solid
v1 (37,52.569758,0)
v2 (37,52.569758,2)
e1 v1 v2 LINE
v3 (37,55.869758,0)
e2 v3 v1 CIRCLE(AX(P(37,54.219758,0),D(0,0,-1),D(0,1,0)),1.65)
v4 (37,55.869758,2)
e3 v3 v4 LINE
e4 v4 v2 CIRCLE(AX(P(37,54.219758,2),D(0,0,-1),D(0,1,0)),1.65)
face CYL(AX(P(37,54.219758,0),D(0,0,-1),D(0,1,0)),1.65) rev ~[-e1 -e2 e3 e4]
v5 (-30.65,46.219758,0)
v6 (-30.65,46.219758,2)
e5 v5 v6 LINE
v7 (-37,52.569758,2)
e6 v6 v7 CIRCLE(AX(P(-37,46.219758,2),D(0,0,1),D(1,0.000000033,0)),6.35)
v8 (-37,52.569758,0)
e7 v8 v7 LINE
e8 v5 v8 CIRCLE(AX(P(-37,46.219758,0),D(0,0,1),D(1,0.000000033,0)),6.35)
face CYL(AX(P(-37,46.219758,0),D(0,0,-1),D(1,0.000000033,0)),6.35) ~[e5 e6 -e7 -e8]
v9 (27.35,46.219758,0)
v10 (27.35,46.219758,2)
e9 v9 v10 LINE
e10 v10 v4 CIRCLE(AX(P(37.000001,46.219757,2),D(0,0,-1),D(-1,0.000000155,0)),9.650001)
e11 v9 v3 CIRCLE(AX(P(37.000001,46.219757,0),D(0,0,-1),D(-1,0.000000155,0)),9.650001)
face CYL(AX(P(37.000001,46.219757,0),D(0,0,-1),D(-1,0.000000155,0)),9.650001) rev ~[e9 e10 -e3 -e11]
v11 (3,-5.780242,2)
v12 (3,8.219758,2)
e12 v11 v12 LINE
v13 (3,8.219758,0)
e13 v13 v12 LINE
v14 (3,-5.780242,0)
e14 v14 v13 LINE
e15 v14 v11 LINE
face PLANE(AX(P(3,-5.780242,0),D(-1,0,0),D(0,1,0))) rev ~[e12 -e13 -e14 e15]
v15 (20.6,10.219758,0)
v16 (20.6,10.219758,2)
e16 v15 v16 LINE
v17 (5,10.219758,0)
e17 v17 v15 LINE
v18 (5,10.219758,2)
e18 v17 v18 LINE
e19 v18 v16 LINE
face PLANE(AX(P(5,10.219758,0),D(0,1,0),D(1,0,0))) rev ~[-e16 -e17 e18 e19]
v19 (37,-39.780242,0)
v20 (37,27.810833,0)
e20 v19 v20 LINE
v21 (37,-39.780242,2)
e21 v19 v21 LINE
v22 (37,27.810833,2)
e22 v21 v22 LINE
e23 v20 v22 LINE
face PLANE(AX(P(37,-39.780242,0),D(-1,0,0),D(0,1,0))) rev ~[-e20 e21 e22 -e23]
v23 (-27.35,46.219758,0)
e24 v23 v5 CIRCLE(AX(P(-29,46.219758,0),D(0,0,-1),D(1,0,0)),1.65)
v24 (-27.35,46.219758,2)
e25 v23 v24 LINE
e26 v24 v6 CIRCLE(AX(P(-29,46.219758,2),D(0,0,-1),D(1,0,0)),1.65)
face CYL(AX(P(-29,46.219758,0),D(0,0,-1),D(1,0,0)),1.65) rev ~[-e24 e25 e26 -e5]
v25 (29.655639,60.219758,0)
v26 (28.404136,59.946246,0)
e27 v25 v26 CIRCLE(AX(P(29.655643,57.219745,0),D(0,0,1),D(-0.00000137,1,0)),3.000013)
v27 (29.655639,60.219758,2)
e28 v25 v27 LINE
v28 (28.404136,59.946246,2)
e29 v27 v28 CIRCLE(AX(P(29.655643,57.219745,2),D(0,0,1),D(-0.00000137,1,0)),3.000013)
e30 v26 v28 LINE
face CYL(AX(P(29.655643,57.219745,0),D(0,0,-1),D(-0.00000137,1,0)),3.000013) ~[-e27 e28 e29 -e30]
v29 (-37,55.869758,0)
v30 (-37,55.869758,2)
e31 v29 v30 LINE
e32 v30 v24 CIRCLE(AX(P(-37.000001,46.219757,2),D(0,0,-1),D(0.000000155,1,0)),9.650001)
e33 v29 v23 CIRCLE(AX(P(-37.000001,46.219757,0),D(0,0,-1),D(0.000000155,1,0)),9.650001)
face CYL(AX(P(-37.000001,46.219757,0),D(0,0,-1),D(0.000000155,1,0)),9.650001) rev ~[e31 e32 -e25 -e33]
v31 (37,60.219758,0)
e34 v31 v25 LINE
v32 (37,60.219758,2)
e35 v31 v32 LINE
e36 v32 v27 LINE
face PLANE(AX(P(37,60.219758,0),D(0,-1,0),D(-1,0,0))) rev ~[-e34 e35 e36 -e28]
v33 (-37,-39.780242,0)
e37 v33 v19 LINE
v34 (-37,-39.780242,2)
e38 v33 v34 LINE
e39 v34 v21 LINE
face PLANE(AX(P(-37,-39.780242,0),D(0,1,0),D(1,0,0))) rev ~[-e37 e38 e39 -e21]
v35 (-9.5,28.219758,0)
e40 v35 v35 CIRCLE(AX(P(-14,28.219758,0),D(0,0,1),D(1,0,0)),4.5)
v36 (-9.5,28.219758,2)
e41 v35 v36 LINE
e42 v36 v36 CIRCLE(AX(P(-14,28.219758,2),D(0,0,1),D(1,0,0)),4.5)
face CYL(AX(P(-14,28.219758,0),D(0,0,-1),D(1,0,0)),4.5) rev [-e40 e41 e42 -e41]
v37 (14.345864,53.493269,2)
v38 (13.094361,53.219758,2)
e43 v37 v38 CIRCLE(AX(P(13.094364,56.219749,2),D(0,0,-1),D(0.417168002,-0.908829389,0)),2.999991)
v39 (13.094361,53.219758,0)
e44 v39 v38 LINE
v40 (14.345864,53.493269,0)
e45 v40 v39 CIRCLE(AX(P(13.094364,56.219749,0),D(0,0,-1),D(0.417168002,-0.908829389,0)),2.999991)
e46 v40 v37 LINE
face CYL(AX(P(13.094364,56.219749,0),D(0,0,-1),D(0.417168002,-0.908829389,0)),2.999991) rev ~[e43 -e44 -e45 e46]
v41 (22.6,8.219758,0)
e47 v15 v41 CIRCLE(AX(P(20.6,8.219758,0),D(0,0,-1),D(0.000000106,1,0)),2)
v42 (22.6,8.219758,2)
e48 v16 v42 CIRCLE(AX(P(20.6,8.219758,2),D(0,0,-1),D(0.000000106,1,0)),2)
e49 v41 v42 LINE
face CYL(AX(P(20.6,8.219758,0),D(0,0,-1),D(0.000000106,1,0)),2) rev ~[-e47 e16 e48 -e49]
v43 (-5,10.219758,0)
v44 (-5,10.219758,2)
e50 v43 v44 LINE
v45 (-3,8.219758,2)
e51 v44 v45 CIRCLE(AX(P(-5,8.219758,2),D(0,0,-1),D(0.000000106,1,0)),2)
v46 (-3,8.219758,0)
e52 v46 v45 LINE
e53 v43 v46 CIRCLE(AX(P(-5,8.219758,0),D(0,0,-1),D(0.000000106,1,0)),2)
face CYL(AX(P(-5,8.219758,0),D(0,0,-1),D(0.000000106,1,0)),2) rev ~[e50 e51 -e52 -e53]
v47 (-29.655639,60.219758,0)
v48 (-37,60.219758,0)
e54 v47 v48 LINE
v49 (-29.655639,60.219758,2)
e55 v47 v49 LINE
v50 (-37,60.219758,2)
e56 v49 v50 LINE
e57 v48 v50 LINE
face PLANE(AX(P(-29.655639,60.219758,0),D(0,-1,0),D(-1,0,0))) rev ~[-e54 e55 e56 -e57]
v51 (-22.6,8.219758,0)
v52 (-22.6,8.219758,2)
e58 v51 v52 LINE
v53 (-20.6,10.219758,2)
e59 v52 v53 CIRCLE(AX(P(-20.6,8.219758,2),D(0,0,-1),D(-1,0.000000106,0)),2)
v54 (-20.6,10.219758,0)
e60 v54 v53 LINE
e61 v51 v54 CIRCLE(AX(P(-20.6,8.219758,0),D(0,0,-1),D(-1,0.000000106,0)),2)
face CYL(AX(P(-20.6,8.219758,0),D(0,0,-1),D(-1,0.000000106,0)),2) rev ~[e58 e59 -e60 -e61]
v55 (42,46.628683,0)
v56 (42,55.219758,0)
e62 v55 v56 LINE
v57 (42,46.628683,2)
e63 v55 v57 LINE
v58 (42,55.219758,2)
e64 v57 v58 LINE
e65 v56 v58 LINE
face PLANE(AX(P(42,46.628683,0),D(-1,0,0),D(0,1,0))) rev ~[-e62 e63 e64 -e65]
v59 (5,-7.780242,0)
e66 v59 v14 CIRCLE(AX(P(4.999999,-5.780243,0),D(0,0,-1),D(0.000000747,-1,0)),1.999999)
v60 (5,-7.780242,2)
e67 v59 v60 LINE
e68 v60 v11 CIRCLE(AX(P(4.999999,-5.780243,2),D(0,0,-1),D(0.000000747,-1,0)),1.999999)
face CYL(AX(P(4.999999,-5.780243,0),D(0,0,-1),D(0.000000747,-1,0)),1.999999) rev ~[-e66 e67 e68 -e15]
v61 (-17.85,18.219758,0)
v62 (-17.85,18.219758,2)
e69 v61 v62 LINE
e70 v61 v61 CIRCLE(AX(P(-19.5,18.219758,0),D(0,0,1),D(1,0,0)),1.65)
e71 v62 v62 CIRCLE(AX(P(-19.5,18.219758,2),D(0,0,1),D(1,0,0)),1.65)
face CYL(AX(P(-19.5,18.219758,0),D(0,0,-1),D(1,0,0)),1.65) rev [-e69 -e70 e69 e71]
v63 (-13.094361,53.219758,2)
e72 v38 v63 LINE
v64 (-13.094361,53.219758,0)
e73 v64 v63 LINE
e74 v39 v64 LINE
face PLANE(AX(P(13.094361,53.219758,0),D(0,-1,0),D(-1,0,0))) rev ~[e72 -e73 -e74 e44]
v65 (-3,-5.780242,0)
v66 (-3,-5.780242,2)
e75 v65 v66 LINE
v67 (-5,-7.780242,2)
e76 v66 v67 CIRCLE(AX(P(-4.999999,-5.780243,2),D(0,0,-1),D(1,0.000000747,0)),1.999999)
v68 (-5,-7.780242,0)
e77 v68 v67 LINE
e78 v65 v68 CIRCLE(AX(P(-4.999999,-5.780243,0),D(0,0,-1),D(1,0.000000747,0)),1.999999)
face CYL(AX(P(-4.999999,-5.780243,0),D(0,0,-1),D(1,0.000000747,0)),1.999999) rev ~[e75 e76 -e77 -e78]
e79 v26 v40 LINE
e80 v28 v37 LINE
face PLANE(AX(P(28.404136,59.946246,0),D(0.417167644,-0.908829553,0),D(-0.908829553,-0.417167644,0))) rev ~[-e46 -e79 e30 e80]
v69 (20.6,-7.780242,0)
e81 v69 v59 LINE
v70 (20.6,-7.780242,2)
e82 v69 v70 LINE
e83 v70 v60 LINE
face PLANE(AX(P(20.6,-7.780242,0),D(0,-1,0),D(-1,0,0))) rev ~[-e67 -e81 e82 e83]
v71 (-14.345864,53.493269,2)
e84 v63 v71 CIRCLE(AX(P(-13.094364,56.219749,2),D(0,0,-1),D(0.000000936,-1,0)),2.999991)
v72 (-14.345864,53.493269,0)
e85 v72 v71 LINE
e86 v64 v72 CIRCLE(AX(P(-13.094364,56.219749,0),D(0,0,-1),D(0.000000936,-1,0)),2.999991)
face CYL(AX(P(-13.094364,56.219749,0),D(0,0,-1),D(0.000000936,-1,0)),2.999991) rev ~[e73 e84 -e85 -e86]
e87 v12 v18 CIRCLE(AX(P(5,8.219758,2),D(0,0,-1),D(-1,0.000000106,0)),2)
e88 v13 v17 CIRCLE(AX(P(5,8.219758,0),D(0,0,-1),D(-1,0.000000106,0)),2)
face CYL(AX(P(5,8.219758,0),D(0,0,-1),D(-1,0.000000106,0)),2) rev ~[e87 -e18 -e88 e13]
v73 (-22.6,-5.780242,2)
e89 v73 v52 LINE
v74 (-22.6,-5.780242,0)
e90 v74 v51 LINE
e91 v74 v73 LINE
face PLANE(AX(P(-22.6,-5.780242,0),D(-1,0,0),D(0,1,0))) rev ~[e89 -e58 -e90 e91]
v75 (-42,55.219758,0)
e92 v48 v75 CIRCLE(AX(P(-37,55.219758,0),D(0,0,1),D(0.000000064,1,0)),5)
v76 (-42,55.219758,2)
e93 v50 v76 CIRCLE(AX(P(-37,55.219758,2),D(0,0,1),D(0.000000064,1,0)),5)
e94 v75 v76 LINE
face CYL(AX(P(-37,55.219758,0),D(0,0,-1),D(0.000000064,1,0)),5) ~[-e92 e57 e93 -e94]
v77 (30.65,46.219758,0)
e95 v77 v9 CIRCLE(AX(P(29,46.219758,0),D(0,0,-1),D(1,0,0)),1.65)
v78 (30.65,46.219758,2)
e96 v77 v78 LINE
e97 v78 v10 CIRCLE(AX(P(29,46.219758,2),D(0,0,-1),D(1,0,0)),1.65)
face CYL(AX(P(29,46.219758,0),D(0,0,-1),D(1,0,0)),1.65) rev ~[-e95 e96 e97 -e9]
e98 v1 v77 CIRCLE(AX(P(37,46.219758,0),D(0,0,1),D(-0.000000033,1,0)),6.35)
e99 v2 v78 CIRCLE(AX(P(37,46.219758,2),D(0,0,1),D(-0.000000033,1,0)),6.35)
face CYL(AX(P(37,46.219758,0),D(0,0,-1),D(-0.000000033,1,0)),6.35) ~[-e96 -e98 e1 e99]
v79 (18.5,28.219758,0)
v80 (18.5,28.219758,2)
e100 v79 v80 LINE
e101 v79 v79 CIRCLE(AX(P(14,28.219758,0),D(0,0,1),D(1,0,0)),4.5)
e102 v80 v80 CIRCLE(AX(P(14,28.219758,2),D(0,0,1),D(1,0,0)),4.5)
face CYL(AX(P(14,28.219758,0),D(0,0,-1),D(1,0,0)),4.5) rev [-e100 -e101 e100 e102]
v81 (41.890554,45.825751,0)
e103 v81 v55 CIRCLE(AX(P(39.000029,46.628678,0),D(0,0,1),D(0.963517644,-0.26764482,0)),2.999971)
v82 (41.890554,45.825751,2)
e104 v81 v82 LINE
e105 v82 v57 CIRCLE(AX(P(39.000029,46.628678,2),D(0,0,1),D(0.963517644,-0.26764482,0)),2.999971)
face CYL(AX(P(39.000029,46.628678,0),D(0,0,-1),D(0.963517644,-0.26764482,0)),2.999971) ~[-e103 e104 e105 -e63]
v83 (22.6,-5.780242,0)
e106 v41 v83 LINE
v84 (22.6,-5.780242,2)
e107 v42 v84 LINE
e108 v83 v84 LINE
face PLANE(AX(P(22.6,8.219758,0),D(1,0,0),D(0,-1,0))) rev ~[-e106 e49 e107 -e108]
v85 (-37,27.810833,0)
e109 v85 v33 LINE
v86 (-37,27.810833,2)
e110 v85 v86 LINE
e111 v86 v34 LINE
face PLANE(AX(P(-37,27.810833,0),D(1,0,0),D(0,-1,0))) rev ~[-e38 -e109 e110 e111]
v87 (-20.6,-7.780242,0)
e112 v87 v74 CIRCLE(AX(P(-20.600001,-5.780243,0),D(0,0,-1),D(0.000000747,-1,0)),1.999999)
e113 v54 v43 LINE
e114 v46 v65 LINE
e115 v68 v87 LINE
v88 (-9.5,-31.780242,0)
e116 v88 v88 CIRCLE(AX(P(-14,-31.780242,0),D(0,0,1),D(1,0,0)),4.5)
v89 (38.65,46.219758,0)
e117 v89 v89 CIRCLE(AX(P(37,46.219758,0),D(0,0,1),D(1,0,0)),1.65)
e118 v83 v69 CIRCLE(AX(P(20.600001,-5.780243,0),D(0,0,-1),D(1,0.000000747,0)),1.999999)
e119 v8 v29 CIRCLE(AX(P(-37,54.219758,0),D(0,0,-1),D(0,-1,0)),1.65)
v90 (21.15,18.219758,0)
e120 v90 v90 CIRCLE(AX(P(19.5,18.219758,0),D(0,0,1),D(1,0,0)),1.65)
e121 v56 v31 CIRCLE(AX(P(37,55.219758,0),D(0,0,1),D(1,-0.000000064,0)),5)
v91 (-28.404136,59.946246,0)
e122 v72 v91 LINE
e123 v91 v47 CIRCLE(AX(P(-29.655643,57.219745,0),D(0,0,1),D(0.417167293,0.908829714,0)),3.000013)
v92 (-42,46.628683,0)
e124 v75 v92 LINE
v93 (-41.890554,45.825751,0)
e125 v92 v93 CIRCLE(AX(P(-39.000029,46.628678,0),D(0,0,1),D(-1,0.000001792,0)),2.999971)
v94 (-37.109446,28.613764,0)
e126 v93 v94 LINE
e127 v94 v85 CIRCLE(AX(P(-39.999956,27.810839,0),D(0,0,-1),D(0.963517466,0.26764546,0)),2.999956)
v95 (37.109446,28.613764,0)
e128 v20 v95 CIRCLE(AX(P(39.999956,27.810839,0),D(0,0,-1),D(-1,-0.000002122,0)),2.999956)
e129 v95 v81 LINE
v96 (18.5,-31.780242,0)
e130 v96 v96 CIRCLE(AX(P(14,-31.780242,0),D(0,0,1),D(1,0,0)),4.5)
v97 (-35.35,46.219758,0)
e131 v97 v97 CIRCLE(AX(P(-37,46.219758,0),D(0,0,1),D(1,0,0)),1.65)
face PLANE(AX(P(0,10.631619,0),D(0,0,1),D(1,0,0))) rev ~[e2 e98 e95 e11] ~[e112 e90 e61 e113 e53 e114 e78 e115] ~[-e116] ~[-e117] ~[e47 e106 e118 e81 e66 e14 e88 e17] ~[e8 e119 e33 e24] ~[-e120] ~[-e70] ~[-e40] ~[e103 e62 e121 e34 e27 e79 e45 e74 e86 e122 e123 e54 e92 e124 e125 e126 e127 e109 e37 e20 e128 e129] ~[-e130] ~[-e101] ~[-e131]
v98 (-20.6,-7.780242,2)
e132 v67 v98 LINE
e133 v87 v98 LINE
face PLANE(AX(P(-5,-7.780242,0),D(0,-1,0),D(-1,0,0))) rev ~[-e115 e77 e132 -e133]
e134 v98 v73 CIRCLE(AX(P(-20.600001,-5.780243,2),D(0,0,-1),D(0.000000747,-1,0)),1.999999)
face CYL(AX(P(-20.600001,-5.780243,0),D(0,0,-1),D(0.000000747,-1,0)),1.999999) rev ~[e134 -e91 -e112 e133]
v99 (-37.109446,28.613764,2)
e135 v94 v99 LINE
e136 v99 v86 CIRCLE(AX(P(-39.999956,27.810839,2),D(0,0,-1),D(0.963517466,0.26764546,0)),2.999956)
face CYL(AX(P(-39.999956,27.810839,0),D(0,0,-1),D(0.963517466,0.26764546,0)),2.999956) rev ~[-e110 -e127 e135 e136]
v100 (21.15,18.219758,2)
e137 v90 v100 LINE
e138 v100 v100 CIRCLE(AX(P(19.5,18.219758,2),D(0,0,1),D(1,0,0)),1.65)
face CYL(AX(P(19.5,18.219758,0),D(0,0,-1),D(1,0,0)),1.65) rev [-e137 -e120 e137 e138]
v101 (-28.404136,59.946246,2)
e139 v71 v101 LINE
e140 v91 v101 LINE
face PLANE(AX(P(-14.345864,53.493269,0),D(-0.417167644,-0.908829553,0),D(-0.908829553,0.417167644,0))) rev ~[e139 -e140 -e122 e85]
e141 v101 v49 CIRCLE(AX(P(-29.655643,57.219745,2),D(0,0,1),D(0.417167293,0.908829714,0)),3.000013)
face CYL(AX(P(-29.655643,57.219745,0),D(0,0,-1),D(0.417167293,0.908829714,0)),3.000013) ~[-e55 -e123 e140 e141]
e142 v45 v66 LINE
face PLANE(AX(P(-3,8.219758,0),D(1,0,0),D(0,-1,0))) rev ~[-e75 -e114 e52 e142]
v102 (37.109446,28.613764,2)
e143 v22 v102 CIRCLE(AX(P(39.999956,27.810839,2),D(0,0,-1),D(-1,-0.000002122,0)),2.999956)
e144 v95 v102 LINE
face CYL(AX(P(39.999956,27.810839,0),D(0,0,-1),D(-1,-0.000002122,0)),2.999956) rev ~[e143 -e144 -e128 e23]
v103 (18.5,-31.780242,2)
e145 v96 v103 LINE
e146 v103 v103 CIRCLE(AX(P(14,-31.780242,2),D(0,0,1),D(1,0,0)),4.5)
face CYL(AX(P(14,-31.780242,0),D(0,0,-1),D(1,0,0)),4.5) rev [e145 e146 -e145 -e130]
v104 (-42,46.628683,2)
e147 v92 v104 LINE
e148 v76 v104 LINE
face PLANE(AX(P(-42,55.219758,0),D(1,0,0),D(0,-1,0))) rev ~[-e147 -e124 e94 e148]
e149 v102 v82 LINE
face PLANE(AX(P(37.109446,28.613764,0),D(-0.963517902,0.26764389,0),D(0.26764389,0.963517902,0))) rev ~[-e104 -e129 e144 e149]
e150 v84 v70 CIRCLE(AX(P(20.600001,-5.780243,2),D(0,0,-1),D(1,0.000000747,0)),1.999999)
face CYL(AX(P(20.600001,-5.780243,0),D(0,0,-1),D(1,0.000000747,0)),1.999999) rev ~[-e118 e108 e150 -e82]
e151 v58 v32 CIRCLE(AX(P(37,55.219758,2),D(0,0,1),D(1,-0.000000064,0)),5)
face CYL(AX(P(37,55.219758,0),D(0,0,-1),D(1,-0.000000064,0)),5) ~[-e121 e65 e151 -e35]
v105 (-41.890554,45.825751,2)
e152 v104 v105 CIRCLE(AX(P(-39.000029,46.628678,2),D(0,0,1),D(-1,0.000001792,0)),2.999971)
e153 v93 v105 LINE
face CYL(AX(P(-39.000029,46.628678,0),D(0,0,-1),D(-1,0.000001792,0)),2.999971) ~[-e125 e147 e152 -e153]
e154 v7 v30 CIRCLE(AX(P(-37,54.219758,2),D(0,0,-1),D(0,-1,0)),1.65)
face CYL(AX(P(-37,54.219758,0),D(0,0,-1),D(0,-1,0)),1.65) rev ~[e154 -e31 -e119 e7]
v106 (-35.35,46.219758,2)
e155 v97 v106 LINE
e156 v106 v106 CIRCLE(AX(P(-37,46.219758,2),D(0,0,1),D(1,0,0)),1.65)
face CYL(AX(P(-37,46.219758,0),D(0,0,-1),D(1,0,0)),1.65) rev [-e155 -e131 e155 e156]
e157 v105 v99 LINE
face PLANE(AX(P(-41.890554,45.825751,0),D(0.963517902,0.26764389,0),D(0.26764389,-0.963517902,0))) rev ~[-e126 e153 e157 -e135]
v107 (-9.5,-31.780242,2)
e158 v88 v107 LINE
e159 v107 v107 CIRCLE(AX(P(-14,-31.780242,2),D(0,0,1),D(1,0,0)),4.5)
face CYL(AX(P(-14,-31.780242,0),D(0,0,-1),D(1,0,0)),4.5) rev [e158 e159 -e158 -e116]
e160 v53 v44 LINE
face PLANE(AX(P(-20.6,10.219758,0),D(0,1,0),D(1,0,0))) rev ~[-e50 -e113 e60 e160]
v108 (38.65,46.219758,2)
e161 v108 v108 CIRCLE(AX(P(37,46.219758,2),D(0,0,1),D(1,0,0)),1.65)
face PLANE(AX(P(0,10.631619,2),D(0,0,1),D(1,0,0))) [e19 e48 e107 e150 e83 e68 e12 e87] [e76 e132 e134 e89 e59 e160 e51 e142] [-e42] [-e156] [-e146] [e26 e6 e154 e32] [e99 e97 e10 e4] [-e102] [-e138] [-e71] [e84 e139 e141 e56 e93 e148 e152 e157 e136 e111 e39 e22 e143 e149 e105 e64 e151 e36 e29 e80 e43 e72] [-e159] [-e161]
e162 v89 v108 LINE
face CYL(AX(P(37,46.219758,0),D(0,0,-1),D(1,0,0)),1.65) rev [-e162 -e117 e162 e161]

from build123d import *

# Parameters (mm, degrees)
F0_R     = 4.5
F0_R_2   = 1.65
F1_DEPTH = 2


with BuildPart() as f1:
    # F0 (on Top) → F1 (new body)
    with BuildSketch(Plane.XY):
        with BuildLine():
            Line((-29.655639, 60.219758), (-37, 60.219758))
            ThreePointArc((-37, 60.219758), (-40.535534, 58.755292), (-42, 55.219758))
            Line((-42, 55.219758), (-42, 46.628683))
            ThreePointArc((-42, 46.628683), (-41.972513, 46.223505), (-41.890554, 45.825751))
            Line((-41.890554, 45.825751), (-37.109446, 28.613764))
            ThreePointArc((-37.109446, 28.613764), (-37.027487, 28.216011), (-37, 27.810833))
            Line((-37, 27.810833), (-37, -39.780242))
            Line((-37, -39.780242), (37, -39.780242))
            Line((37, -39.780242), (37, 27.810833))
            ThreePointArc((37, 27.810833), (37.027487, 28.216011), (37.109446, 28.613764))
            Line((37.109446, 28.613764), (41.890554, 45.825751))
            ThreePointArc((41.890554, 45.825751), (41.972513, 46.223505), (42, 46.628683))
            Line((42, 46.628683), (42, 55.219758))
            ThreePointArc((42, 55.219758), (40.535534, 58.755292), (37, 60.219758))
            Line((37, 60.219758), (29.655639, 60.219758))
            ThreePointArc((29.655639, 60.219758), (29.015118, 60.150582), (28.404136, 59.946246))
            Line((28.404136, 59.946246), (14.345864, 53.493269))
            ThreePointArc((14.345864, 53.493269), (13.734882, 53.288933), (13.094361, 53.219758))
            Line((13.094361, 53.219758), (0, 53.219758))
            Line((0, 53.219758), (-13.094361, 53.219758))
            ThreePointArc((-13.094361, 53.219758), (-13.734882, 53.288933), (-14.345864, 53.493269))
            Line((-14.345864, 53.493269), (-28.404136, 59.946246))
            ThreePointArc((-28.404136, 59.946246), (-29.015118, 60.150582), (-29.655639, 60.219758))
        make_face()
        with Locations((-14, -31.780242)):
            Circle(F0_R, mode=Mode.SUBTRACT)
        with BuildLine():
            ThreePointArc((-5, 10.219758), (-3.585786, 9.633971), (-3, 8.219758))
            Line((-3, 8.219758), (-3, -5.780242))
            ThreePointArc((-3, -5.780242), (-3.585786, -7.194456), (-5, -7.780242))
            Line((-5, -7.780242), (-20.6, -7.780242))
            ThreePointArc((-20.6, -7.780242), (-22.014214, -7.194456), (-22.6, -5.780242))
            Line((-22.6, -5.780242), (-22.6, 8.219758))
            ThreePointArc((-22.6, 8.219758), (-22.014214, 9.633971), (-20.6, 10.219758))
            Line((-20.6, 10.219758), (-5, 10.219758))
        make_face(mode=Mode.SUBTRACT)
        with Locations((14, -31.780242)):
            Circle(F0_R, mode=Mode.SUBTRACT)
        with BuildLine():
            Line((3, -5.780242), (3, 8.219758))
            ThreePointArc((3, 8.219758), (3.585786, 9.633971), (5, 10.219758))
            Line((5, 10.219758), (20.6, 10.219758))
            ThreePointArc((20.6, 10.219758), (22.014214, 9.633971), (22.6, 8.219758))
            Line((22.6, 8.219758), (22.6, -5.780242))
            ThreePointArc((22.6, -5.780242), (22.014214, -7.194456), (20.6, -7.780242))
            Line((20.6, -7.780242), (5, -7.780242))
            ThreePointArc((5, -7.780242), (3.585786, -7.194456), (3, -5.780242))
        make_face(mode=Mode.SUBTRACT)
        with Locations((-19.5, 18.219758)):
            Circle(F0_R_2, mode=Mode.SUBTRACT)
        with Locations((-14, 28.219758)):
            Circle(F0_R, mode=Mode.SUBTRACT)
        with Locations((-37, 46.219758)):
            Circle(F0_R_2, mode=Mode.SUBTRACT)
        with BuildLine():
            ThreePointArc((-37, 55.869758), (-30.17642, 53.043338), (-27.35, 46.219758))
            ThreePointArc((-27.35, 46.219758), (-29, 44.569758), (-30.65, 46.219758))
            ThreePointArc((-30.65, 46.219758), (-32.509872, 50.709886), (-37, 52.569758))
            ThreePointArc((-37, 52.569758), (-38.65, 54.219758), (-37, 55.869758))
        make_face(mode=Mode.SUBTRACT)
        with Locations((19.5, 18.219758)):
            Circle(F0_R_2, mode=Mode.SUBTRACT)
        with Locations((14, 28.219758)):
            Circle(F0_R, mode=Mode.SUBTRACT)
        with Locations((37, 46.219758)):
            Circle(F0_R_2, mode=Mode.SUBTRACT)
        with BuildLine():
            ThreePointArc((30.65, 46.219758), (29, 44.569758), (27.35, 46.219758))
            ThreePointArc((27.35, 46.219758), (30.17642, 53.043338), (37, 55.869758))
            ThreePointArc((37, 55.869758), (38.65, 54.219758), (37, 52.569758))
            ThreePointArc((37, 52.569758), (32.509872, 50.709886), (30.65, 46.219758))
        make_face(mode=Mode.SUBTRACT)
    extrude(amount=F1_DEPTH)


solid = f1.part
